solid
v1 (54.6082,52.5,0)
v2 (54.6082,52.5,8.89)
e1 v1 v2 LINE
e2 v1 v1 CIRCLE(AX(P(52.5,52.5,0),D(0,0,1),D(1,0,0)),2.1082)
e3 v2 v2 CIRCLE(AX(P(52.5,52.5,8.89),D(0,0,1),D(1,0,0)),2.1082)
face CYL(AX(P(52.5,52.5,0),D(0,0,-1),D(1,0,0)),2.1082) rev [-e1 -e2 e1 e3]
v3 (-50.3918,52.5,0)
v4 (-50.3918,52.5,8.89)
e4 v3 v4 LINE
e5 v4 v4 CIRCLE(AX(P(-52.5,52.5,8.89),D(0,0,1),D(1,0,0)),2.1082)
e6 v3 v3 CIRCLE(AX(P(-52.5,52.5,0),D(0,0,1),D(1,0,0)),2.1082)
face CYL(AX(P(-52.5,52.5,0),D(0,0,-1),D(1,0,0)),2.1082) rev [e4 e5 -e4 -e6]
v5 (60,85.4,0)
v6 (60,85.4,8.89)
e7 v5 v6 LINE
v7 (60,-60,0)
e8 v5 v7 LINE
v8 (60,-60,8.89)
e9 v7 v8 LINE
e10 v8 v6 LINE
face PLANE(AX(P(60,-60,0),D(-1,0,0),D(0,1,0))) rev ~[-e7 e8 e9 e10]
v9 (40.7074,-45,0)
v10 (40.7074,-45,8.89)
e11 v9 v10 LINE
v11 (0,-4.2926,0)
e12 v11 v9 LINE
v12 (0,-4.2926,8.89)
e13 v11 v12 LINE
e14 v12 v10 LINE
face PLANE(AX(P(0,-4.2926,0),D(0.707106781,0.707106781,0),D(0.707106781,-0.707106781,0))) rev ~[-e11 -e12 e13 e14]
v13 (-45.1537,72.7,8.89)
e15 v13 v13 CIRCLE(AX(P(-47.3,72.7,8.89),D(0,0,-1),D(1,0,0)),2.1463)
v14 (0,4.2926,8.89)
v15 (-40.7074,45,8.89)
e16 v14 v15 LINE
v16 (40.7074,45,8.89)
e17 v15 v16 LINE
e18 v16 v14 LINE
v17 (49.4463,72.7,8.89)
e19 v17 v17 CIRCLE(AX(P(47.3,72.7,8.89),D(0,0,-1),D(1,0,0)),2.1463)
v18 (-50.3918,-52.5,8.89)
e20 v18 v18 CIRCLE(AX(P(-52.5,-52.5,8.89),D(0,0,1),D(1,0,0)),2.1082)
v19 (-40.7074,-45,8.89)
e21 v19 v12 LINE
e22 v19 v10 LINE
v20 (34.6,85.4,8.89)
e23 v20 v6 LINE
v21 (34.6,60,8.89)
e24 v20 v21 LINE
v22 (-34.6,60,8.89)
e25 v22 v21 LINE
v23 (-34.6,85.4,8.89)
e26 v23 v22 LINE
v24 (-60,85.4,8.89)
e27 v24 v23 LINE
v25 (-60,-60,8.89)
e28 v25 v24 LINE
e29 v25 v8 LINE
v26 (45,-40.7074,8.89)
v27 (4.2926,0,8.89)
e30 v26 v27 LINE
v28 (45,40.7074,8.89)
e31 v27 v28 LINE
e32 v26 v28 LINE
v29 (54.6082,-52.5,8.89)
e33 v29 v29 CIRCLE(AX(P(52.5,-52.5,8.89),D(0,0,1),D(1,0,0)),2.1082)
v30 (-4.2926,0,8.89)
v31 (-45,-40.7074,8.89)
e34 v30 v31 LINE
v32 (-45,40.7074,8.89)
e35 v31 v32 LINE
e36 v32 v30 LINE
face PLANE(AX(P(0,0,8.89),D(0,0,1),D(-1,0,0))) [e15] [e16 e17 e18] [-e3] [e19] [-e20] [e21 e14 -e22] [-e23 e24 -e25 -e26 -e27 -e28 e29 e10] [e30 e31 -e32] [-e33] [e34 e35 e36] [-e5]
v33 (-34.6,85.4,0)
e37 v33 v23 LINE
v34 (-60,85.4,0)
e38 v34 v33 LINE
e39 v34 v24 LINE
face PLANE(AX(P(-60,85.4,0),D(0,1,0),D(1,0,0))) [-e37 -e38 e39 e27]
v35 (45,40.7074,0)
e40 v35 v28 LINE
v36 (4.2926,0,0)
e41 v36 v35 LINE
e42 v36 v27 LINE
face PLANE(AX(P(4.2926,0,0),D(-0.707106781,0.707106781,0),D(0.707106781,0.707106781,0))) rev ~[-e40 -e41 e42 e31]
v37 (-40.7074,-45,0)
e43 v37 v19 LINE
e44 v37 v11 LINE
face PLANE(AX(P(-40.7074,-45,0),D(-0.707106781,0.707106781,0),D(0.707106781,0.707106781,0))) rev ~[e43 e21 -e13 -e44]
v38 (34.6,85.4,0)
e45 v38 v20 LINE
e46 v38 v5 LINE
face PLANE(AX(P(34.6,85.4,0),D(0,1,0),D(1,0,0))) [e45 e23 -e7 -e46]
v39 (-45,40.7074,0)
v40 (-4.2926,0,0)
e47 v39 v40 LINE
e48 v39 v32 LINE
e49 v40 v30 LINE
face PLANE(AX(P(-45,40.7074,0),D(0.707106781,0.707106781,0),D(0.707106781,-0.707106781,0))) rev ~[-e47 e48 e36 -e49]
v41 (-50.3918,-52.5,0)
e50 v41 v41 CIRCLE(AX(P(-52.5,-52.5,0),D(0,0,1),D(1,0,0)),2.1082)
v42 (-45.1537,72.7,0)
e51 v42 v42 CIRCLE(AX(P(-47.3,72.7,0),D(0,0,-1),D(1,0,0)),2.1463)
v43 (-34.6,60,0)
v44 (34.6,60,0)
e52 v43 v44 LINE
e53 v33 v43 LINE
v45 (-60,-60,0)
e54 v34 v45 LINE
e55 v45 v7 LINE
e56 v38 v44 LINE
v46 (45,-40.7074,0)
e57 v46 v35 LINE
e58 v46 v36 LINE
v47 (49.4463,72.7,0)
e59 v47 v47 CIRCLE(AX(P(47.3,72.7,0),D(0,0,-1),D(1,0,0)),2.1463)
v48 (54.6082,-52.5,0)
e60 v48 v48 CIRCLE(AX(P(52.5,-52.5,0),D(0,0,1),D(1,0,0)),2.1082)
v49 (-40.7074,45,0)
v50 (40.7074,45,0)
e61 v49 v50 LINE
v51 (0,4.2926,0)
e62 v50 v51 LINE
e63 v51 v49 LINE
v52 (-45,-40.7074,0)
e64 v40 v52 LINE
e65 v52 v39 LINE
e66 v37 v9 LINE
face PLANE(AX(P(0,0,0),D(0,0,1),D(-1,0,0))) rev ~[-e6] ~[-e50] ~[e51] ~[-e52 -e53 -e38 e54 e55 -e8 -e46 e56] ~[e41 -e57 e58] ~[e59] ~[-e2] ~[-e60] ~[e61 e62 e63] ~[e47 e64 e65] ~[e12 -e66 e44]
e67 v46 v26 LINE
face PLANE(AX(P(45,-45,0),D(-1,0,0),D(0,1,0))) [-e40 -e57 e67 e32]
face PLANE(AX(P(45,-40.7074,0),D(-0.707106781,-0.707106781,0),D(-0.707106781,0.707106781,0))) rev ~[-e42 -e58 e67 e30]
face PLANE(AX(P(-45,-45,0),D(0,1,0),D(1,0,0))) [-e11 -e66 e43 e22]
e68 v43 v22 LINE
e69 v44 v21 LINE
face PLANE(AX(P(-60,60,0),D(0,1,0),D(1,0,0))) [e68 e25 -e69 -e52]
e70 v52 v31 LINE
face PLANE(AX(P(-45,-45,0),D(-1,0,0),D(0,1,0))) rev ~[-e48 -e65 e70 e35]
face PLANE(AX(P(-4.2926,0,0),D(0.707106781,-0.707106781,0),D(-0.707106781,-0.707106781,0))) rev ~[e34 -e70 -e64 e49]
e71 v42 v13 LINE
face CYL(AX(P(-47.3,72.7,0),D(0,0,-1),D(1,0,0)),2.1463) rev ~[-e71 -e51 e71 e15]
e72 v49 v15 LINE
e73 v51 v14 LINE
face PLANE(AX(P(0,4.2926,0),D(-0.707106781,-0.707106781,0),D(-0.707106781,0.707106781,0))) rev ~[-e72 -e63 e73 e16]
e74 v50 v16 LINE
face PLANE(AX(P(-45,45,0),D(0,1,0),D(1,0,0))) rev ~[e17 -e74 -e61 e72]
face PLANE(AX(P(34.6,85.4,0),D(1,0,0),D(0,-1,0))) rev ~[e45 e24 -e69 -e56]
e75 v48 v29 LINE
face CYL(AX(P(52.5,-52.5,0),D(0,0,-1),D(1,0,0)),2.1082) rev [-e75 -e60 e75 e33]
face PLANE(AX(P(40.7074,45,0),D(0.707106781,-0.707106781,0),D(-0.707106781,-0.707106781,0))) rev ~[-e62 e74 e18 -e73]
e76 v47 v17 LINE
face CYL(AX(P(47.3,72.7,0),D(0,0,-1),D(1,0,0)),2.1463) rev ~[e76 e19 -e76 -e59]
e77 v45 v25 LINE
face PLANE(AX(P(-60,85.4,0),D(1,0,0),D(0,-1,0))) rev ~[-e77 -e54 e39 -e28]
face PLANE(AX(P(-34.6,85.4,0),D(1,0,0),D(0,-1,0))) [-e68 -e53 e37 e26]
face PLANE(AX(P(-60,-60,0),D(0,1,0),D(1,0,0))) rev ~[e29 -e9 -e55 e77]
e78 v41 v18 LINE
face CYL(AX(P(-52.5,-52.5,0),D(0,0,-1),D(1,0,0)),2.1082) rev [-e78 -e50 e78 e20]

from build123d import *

# Parameters (mm, degrees)
SKETCH_W     = 120
SKETCH_H     = 120
SKETCH_R     = 2.1082
SKETCH_W_2   = 90
SKETCH_H_2   = 90
PAD_DEPTH    = 8.89
SKETCH001_W  = 25.4
SKETCH001_H  = 25.4
SKETCH001_R  = 2.1463
PAD001_DEPTH = 8.89
PAD002_DEPTH = 8.89


with BuildPart() as part:
    # Sketch → Pad (new body)
    with BuildSketch(Plane.XY):
        Rectangle(SKETCH_W, SKETCH_H)
        with Locations((-52.5, 52.5)):
            Circle(SKETCH_R, mode=Mode.SUBTRACT)
        with Locations((52.5, 52.5)):
            Circle(SKETCH_R, mode=Mode.SUBTRACT)
        with Locations((-52.5, -52.5)):
            Circle(SKETCH_R, mode=Mode.SUBTRACT)
        with Locations((52.5, -52.5)):
            Circle(SKETCH_R, mode=Mode.SUBTRACT)
        Rectangle(SKETCH_W_2, SKETCH_H_2, mode=Mode.SUBTRACT)
    extrude(amount=PAD_DEPTH)

    # Sketch001 (on Face13 of Pad) → Pad001 (join)
    with BuildSketch(Plane(origin=(0, 0, 0), x_dir=(1, 0, 0), z_dir=(0, 0, -1))):
        with Locations((-47.3, -72.7)):
            Rectangle(SKETCH001_W, SKETCH001_H)
        with Locations((-47.3, -72.7)):
            Circle(SKETCH001_R, mode=Mode.SUBTRACT)
        with Locations((47.3, -72.7)):
            Rectangle(SKETCH001_W, SKETCH001_H)
        with Locations((47.3, -72.7)):
            Circle(SKETCH001_R, mode=Mode.SUBTRACT)
    extrude(amount=-PAD001_DEPTH)

    # Sketch002 (on Face2 of Pad001) → Pad002 (join)
    with BuildSketch(Plane(origin=(0, 0, 0), x_dir=(1, 0, 0), z_dir=(0, 0, -1))):
        Polygon((-45, 45), (-40.7074, 45), (0, 4.2926), (40.7074, 45), (45, 45), (45, 40.7074), (4.2926, 0), (45, -40.7074), (45, -45), (40.7074, -45), (0, -4.2926), (-40.7074, -45), (-45, -45), (-45, -40.7074), (-4.2926, 0), (-45, 40.7074), align=None)
    extrude(amount=-PAD002_DEPTH)


solid = part.part
